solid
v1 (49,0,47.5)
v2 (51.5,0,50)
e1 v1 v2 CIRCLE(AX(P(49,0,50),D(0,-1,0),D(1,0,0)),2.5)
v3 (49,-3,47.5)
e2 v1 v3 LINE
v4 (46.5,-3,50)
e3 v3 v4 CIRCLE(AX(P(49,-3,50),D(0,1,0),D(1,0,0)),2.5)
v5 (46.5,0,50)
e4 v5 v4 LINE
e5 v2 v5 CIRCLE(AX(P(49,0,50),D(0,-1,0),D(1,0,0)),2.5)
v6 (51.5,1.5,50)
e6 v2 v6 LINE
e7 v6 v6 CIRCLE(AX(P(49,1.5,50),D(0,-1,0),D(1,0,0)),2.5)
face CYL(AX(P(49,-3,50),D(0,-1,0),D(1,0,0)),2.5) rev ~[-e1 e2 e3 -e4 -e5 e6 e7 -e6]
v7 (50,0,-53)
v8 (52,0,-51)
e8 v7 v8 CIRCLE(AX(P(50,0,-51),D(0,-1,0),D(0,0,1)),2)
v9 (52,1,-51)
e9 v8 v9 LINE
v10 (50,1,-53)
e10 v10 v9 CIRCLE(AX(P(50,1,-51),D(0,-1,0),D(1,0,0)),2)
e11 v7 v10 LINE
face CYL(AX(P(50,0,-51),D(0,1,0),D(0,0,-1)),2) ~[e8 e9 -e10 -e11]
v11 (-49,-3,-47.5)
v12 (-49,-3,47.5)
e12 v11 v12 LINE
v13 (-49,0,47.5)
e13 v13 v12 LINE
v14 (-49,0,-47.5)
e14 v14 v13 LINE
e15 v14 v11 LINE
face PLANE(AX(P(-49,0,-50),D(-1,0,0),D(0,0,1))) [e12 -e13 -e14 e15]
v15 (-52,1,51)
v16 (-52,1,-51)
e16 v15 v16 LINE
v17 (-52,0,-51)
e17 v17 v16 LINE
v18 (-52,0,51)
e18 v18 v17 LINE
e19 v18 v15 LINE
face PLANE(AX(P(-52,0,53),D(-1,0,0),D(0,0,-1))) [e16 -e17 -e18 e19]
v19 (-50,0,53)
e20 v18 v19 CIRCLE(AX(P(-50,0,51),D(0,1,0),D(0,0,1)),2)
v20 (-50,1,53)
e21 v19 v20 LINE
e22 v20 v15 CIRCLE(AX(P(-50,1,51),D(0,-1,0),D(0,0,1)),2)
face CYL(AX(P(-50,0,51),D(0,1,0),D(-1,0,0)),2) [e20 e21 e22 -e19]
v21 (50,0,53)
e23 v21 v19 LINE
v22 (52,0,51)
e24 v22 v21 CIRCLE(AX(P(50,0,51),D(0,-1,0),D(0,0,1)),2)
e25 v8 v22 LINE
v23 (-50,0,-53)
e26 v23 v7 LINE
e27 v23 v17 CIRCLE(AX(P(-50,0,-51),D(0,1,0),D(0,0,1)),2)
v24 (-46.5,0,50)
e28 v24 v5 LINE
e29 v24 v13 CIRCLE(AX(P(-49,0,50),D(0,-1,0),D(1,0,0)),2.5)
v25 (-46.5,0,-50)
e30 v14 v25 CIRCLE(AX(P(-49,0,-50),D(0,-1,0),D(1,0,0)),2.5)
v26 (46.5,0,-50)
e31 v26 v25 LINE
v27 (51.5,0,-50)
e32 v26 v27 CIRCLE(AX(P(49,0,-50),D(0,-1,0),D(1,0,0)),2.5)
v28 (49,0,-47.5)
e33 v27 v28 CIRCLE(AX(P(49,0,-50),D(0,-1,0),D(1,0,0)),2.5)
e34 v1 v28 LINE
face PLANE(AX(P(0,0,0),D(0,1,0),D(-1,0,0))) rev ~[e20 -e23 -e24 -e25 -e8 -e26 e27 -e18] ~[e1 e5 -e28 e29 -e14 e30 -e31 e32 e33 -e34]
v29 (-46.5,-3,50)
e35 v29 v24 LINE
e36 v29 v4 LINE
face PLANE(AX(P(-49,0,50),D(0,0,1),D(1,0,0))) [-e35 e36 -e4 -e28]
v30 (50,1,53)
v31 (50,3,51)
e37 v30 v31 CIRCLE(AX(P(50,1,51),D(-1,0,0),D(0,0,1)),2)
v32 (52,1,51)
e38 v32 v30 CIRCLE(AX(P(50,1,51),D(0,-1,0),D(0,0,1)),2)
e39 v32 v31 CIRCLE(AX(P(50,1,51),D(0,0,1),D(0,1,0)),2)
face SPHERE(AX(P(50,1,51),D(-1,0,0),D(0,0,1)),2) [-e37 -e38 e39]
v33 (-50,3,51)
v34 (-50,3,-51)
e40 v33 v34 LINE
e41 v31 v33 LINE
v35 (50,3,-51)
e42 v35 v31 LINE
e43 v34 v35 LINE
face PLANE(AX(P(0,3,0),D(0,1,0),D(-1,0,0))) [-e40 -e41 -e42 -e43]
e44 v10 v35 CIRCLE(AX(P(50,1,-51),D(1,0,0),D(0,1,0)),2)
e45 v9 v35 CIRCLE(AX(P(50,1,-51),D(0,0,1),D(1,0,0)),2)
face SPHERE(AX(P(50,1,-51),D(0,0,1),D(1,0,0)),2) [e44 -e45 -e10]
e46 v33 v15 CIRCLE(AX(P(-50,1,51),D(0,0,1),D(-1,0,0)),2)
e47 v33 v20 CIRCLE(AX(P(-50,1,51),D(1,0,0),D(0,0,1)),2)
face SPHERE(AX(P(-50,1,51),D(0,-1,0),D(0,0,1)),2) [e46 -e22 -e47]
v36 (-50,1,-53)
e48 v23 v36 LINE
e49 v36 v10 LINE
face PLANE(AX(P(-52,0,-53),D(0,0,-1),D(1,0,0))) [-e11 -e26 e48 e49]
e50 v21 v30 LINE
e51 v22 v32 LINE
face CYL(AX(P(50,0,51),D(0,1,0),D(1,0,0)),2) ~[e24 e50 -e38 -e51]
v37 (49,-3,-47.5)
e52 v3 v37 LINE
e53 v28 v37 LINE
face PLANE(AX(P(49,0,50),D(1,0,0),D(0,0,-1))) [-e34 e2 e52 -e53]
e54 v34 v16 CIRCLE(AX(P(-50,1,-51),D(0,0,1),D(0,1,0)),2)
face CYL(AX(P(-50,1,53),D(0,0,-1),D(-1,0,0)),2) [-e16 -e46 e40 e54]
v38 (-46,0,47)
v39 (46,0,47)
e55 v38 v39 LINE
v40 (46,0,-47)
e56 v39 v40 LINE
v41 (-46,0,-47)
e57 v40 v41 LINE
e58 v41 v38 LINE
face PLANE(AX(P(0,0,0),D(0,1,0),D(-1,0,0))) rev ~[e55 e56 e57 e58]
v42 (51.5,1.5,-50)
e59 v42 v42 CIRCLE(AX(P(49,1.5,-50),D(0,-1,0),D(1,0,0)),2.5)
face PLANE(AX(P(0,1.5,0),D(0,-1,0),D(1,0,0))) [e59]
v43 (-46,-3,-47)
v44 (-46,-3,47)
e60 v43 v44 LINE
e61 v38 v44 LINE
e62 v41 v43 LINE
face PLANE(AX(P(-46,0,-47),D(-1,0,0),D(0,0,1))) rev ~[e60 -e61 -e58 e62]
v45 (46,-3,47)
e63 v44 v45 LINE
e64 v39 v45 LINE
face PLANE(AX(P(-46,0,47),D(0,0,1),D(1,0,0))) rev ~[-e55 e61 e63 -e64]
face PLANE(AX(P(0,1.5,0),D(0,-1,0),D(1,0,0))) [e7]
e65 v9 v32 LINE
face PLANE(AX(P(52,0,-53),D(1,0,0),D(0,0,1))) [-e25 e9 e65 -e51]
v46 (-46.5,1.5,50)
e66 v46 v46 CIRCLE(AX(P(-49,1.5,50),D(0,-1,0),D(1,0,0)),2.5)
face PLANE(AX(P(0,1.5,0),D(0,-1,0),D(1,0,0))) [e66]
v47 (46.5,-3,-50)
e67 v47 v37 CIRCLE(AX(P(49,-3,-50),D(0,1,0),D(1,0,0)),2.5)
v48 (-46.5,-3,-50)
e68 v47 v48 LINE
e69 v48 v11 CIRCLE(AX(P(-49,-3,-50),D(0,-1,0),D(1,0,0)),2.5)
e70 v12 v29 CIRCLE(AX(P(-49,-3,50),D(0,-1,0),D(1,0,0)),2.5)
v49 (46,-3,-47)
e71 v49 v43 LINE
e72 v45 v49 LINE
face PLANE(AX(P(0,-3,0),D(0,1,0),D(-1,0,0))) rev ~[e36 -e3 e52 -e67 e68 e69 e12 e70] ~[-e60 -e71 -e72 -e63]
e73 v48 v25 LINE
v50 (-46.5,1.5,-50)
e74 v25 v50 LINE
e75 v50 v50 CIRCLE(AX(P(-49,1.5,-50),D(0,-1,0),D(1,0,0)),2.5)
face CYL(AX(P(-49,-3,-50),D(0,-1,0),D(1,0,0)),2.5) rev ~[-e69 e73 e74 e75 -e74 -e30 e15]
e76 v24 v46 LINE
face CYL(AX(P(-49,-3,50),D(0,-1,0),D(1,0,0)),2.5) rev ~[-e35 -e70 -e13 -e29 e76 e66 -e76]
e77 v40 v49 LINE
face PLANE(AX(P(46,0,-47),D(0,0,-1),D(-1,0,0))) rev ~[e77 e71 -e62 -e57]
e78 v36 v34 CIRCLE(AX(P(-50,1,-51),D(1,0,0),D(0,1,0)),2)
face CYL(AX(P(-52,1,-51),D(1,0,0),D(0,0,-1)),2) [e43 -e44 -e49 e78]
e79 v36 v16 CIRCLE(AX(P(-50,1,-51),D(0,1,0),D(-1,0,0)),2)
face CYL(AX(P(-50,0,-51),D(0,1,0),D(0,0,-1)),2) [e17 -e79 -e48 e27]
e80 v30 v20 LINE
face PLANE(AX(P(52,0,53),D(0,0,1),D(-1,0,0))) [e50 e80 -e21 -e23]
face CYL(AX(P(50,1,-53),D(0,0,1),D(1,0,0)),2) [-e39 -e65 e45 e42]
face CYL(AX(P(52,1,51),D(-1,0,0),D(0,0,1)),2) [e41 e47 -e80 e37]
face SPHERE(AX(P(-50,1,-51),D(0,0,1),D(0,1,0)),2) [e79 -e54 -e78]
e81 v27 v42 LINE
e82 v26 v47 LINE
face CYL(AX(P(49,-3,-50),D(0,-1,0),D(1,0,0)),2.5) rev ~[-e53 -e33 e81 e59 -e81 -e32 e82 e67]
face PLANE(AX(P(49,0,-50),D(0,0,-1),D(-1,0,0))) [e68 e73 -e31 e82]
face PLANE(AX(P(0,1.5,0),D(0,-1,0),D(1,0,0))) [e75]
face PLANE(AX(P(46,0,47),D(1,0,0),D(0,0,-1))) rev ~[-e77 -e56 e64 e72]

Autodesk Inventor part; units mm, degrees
ref_plane "YZ Plane" through (0, 0, 0) normal (1, 0, 0) x (0, 1, 0)
ref_plane "XZ Plane" through (0, 0, 0) normal (0, 1, 0) x (-1, 0, 0)
ref_plane "XY Plane" through (0, 0, 0) normal (0, 0, 1) x (1, 0, 0)
sketch "Sketch1" plane through (0, 0, 0) normal (0, 1, 0) x (-1, 0, 0)
  line L0 (49, 50) -> (-49, 50)
  line L1 (-49, 50) -> (-49, -50)
  line L2 (-49, -50) -> (49, -50)
  line L3 (49, -50) -> (49, 50)
  line L4 (49, 50) -> (-49, -50) construction
  line L5 (-49, 50) -> (49, -50) construction
  line L6 (52, -53) -> (-52, -53)
  line L7 (-52, -53) -> (-52, 53)
  line L8 (-52, 53) -> (52, 53)
  line L9 (52, 53) -> (52, -53)
  line L10 (46, 47) -> (-46, 47)
  line L11 (-46, 47) -> (-46, -47)
  line L12 (-46, -47) -> (46, -47)
  line L13 (46, -47) -> (46, 47)
  point P0 (0, 0)
  dimension "d0" = 98
  dimension "d1" = 100
  dimension "d2" = 3
  dimension "d3" = 3
extrude "Extrusion1" add sketch "Sketch1" along normal blind 3 contours L3 L2 L1 L0 | L6 L7 L8 L9 | L13 L12 L11 L10
extrude "Extrusion2" add sketch "Sketch1" against normal blind 3 contours L3 L2 L1 L0
sketch "Sketch2" plane through (0, -3, 0) normal (0, -1, 0) x (1, 0, 0)
  line L0 (-49, -50) -> (49, -50) projected
  circle A0 centre (49, -50) radius 2.5
  circle A1 centre (-49, -50) radius 2.5
  line L1 (49, 50) -> (49, -50) projected
  circle A2 centre (49, 50) radius 2.5
  line L2 (49, 50) -> (-49, 50) projected
  circle A3 centre (-49, 50) radius 2.5
  point P0 (0, 0)
  dimension "d8" = 5
  dimension "d9" = 5
  dimension "d10" = 5
  dimension "d12" = 5
extrude "Extrusion3" cut sketch "Sketch2" against normal blind 4.5
fillet "Fillet1" radius 2 8 edges at (-52, 1.5, 53) (0, 3, 53) (-52, 3, 0) (52, 1.5, 53) (52, 3, 0) (52, 1.5, -53) (0, 3, -53) (-52, 1.5, -53)
properties part number "Lid"
